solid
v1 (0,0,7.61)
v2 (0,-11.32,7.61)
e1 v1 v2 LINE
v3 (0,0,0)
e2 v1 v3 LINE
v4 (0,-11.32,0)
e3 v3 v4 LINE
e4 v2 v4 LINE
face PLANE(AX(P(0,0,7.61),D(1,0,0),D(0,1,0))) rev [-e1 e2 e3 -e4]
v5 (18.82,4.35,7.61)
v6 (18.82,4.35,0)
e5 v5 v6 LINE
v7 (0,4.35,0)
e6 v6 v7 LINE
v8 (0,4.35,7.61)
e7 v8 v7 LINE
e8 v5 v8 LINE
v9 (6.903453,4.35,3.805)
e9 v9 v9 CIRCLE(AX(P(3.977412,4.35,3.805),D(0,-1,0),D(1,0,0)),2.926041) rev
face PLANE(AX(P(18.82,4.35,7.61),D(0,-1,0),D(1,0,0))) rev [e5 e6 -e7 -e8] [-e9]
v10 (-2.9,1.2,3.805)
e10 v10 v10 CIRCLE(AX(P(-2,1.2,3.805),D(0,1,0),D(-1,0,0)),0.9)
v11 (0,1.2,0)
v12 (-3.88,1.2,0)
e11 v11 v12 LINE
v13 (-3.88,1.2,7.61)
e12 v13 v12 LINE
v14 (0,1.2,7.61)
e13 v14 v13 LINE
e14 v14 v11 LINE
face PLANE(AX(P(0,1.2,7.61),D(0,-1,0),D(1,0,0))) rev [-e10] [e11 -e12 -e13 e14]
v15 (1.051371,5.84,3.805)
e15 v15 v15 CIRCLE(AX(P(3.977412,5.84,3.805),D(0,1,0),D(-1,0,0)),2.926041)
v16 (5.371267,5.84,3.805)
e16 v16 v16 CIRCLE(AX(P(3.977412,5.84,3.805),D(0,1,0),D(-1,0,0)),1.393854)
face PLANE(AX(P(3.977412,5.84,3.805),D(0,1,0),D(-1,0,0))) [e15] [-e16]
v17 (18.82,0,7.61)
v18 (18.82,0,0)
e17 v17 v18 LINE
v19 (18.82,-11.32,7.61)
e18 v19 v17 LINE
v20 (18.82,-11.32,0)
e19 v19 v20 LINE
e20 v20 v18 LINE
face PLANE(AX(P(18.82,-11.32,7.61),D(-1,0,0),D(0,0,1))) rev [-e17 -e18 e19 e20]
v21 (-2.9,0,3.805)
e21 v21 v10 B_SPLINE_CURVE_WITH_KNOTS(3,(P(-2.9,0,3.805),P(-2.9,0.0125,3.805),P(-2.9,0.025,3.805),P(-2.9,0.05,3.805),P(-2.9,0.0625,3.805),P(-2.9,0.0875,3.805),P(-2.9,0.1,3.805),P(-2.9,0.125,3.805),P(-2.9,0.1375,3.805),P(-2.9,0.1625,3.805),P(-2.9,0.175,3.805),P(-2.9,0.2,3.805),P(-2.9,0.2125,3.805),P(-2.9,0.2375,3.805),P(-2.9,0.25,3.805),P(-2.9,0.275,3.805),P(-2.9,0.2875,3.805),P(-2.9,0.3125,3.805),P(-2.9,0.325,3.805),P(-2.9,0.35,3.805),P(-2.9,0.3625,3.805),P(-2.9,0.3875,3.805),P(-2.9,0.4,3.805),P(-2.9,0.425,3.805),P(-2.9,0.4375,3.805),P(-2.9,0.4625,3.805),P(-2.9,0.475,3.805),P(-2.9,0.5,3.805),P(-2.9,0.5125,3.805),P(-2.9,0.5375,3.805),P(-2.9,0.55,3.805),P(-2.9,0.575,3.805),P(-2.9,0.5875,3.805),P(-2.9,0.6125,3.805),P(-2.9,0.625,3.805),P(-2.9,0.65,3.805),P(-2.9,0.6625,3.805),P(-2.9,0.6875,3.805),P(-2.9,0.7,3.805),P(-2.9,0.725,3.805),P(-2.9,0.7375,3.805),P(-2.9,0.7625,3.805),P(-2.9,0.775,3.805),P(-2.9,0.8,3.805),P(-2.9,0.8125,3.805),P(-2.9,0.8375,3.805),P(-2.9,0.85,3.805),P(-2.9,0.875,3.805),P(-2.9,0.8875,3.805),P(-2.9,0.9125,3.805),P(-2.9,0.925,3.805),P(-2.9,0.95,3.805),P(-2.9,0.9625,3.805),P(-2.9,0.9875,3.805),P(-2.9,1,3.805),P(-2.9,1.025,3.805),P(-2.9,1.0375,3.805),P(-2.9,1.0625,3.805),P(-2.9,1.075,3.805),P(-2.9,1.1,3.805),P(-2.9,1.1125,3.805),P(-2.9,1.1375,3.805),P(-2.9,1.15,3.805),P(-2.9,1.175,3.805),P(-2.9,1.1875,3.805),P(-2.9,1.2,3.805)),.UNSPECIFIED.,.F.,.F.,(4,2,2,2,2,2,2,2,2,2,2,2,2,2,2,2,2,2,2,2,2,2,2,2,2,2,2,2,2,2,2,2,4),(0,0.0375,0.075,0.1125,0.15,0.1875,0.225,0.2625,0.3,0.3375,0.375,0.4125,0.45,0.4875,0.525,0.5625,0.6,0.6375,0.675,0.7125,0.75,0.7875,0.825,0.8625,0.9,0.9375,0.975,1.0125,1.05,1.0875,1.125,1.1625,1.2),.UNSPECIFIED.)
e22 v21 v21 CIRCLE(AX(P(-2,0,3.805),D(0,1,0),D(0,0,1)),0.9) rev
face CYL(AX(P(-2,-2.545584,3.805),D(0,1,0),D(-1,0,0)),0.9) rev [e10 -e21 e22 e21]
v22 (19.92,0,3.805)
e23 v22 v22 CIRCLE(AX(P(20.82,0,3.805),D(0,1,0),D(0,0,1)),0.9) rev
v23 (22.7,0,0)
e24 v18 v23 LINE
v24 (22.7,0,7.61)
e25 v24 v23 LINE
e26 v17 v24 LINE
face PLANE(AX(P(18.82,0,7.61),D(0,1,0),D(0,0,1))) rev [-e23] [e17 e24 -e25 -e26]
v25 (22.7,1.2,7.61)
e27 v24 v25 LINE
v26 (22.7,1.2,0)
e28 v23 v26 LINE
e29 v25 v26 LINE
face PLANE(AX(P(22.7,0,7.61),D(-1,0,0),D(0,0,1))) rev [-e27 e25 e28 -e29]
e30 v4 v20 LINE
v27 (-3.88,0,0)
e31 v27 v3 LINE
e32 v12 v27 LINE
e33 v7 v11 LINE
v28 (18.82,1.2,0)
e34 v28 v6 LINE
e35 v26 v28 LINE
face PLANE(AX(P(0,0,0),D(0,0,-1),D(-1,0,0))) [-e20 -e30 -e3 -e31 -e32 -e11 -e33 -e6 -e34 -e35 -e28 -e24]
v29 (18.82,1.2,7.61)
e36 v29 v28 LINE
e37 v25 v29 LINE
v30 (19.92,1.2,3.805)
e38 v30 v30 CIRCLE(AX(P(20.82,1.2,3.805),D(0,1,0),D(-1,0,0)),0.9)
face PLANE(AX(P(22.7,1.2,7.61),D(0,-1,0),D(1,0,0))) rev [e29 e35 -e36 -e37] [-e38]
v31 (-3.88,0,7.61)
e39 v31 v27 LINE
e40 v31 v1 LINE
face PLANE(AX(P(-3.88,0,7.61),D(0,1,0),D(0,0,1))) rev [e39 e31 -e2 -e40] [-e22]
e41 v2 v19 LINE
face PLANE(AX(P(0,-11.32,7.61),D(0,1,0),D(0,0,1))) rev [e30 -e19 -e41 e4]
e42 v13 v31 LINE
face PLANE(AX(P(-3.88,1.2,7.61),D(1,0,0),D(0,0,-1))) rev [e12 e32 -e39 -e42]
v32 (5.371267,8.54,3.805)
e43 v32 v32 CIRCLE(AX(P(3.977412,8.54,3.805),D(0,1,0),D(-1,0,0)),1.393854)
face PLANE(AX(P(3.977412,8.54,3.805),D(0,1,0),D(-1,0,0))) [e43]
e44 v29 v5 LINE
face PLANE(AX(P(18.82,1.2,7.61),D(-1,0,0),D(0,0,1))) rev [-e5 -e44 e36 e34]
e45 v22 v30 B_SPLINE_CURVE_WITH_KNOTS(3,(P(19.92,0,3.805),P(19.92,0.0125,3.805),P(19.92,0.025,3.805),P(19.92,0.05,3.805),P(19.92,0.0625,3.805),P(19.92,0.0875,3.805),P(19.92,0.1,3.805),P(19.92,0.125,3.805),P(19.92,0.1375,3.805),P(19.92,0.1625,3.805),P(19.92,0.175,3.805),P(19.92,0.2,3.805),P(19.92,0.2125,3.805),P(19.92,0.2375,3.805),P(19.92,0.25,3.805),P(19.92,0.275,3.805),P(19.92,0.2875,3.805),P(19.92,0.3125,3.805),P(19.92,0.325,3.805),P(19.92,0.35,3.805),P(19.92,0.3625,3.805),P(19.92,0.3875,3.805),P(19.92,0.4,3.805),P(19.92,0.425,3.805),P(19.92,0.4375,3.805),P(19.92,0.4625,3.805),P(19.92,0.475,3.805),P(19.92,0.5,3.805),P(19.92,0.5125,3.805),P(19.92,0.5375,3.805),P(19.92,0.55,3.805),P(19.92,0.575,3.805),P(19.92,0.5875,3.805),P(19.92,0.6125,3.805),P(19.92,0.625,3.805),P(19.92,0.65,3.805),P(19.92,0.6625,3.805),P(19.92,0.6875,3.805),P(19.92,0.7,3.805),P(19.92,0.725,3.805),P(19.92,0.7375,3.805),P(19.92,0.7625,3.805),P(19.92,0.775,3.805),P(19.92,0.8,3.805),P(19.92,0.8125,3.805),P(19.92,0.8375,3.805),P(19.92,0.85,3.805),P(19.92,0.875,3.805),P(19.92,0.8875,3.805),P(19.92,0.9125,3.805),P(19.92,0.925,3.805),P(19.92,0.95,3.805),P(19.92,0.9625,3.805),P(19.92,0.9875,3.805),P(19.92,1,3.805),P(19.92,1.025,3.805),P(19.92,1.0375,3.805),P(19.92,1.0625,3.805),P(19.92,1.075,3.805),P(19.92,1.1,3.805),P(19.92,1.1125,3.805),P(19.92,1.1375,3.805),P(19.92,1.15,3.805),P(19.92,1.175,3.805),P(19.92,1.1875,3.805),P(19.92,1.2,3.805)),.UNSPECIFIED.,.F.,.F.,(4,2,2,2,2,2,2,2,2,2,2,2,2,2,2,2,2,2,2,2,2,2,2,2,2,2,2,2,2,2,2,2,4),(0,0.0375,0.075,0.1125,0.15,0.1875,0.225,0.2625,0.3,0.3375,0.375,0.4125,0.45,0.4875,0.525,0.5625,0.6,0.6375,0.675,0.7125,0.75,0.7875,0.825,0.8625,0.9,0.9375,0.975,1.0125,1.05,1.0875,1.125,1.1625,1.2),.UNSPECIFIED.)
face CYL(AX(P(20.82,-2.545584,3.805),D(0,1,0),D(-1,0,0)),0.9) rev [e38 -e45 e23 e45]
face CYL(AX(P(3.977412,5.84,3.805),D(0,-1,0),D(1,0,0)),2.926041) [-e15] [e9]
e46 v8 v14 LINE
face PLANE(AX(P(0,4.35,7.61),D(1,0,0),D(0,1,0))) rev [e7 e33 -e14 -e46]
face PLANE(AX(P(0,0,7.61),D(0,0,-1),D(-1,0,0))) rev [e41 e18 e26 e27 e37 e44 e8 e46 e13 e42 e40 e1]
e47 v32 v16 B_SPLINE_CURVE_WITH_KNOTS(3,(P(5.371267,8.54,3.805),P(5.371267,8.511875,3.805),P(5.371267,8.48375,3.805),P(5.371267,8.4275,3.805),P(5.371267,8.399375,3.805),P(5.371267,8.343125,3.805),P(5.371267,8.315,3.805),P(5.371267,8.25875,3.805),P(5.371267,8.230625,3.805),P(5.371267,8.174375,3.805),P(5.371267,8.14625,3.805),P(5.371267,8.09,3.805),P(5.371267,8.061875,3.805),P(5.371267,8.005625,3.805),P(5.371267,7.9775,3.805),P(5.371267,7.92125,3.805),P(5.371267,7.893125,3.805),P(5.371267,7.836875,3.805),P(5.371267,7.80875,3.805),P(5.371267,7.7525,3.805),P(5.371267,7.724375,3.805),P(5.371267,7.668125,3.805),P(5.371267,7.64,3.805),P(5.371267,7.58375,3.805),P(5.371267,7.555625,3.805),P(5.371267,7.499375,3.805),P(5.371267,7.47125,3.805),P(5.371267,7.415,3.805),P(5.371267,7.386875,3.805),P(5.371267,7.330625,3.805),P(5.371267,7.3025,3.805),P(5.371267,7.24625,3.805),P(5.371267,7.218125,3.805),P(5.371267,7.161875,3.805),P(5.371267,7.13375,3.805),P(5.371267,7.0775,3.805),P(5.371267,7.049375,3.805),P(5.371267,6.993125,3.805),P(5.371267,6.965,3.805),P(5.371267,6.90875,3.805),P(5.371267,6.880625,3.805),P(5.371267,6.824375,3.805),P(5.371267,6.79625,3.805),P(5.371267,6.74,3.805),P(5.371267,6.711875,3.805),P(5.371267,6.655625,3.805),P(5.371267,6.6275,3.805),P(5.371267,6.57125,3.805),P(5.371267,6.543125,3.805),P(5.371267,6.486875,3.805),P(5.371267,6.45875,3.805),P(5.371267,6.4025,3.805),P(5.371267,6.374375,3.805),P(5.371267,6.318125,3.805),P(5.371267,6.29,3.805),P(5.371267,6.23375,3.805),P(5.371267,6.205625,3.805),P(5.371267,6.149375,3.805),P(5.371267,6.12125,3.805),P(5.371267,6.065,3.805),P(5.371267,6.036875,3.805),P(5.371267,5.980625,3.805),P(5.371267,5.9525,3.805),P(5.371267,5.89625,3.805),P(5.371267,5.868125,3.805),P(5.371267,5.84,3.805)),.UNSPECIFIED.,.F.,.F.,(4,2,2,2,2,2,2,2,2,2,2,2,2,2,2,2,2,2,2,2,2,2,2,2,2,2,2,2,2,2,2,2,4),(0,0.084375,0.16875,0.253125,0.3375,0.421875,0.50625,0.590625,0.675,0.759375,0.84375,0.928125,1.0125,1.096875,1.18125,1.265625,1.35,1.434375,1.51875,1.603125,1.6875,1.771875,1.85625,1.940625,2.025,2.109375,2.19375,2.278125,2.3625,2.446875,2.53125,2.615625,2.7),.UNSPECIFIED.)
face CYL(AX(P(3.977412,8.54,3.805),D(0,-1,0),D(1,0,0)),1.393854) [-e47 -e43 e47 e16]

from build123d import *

# Parameters (mm, degrees)
BOSS_EXTRUDE1_DEPTH = 7.61
SKETCH2_R           = 0.9
CUT_EXTRUDE1_DEPTH  = 1.2
SKETCH3_R           = 2.926040877
BOSS_EXTRUDE2_DEPTH = 1.49
SKETCH4_R           = 1.393854302
BOSS_EXTRUDE3_DEPTH = 2.7


with BuildPart() as part:
    # Sketch1 → Boss-Extrude1 (new body)
    with BuildSketch(Plane.XY):
        Polygon((0, 0), (0, -11.32), (18.82, -11.32), (18.82, 0), (22.7, 0), (22.7, 1.2), (18.82, 1.2), (18.82, 4.35), (0, 4.35), (0, 1.2), (-3.88, 1.2), (-3.88, 0), align=None)
    extrude(amount=BOSS_EXTRUDE1_DEPTH)

    # Sketch2 → Cut-Extrude1 (cut)
    with BuildSketch(Plane(origin=(0, 1.2, 0), x_dir=(1, 0, 0), z_dir=(0, 1, 0))):
        with Locations(Location((20.82, -3.805, 0), (0, 0, 180))):
            Circle(SKETCH2_R)
        with Locations(Location((-2, -3.805, 0), (0, 0, 180))):
            Circle(SKETCH2_R)
    extrude(amount=-CUT_EXTRUDE1_DEPTH, mode=Mode.SUBTRACT)

    # Sketch3 → Boss-Extrude2 (add)
    with BuildSketch(Plane(origin=(0, 4.35, 0), x_dir=(1, 0, 0), z_dir=(0, 1, 0))):
        with Locations((3.977412239, -3.805)):
            Circle(SKETCH3_R)
    extrude(amount=BOSS_EXTRUDE2_DEPTH)

    # Sketch4 → Boss-Extrude3 (add)
    with BuildSketch(Plane(origin=(0, 5.84, 0), x_dir=(1, 0, 0), z_dir=(0, 1, 0))):
        with Locations((3.977412239, -3.805)):
            Circle(SKETCH4_R)
    extrude(amount=BOSS_EXTRUDE3_DEPTH)


solid = part.part
